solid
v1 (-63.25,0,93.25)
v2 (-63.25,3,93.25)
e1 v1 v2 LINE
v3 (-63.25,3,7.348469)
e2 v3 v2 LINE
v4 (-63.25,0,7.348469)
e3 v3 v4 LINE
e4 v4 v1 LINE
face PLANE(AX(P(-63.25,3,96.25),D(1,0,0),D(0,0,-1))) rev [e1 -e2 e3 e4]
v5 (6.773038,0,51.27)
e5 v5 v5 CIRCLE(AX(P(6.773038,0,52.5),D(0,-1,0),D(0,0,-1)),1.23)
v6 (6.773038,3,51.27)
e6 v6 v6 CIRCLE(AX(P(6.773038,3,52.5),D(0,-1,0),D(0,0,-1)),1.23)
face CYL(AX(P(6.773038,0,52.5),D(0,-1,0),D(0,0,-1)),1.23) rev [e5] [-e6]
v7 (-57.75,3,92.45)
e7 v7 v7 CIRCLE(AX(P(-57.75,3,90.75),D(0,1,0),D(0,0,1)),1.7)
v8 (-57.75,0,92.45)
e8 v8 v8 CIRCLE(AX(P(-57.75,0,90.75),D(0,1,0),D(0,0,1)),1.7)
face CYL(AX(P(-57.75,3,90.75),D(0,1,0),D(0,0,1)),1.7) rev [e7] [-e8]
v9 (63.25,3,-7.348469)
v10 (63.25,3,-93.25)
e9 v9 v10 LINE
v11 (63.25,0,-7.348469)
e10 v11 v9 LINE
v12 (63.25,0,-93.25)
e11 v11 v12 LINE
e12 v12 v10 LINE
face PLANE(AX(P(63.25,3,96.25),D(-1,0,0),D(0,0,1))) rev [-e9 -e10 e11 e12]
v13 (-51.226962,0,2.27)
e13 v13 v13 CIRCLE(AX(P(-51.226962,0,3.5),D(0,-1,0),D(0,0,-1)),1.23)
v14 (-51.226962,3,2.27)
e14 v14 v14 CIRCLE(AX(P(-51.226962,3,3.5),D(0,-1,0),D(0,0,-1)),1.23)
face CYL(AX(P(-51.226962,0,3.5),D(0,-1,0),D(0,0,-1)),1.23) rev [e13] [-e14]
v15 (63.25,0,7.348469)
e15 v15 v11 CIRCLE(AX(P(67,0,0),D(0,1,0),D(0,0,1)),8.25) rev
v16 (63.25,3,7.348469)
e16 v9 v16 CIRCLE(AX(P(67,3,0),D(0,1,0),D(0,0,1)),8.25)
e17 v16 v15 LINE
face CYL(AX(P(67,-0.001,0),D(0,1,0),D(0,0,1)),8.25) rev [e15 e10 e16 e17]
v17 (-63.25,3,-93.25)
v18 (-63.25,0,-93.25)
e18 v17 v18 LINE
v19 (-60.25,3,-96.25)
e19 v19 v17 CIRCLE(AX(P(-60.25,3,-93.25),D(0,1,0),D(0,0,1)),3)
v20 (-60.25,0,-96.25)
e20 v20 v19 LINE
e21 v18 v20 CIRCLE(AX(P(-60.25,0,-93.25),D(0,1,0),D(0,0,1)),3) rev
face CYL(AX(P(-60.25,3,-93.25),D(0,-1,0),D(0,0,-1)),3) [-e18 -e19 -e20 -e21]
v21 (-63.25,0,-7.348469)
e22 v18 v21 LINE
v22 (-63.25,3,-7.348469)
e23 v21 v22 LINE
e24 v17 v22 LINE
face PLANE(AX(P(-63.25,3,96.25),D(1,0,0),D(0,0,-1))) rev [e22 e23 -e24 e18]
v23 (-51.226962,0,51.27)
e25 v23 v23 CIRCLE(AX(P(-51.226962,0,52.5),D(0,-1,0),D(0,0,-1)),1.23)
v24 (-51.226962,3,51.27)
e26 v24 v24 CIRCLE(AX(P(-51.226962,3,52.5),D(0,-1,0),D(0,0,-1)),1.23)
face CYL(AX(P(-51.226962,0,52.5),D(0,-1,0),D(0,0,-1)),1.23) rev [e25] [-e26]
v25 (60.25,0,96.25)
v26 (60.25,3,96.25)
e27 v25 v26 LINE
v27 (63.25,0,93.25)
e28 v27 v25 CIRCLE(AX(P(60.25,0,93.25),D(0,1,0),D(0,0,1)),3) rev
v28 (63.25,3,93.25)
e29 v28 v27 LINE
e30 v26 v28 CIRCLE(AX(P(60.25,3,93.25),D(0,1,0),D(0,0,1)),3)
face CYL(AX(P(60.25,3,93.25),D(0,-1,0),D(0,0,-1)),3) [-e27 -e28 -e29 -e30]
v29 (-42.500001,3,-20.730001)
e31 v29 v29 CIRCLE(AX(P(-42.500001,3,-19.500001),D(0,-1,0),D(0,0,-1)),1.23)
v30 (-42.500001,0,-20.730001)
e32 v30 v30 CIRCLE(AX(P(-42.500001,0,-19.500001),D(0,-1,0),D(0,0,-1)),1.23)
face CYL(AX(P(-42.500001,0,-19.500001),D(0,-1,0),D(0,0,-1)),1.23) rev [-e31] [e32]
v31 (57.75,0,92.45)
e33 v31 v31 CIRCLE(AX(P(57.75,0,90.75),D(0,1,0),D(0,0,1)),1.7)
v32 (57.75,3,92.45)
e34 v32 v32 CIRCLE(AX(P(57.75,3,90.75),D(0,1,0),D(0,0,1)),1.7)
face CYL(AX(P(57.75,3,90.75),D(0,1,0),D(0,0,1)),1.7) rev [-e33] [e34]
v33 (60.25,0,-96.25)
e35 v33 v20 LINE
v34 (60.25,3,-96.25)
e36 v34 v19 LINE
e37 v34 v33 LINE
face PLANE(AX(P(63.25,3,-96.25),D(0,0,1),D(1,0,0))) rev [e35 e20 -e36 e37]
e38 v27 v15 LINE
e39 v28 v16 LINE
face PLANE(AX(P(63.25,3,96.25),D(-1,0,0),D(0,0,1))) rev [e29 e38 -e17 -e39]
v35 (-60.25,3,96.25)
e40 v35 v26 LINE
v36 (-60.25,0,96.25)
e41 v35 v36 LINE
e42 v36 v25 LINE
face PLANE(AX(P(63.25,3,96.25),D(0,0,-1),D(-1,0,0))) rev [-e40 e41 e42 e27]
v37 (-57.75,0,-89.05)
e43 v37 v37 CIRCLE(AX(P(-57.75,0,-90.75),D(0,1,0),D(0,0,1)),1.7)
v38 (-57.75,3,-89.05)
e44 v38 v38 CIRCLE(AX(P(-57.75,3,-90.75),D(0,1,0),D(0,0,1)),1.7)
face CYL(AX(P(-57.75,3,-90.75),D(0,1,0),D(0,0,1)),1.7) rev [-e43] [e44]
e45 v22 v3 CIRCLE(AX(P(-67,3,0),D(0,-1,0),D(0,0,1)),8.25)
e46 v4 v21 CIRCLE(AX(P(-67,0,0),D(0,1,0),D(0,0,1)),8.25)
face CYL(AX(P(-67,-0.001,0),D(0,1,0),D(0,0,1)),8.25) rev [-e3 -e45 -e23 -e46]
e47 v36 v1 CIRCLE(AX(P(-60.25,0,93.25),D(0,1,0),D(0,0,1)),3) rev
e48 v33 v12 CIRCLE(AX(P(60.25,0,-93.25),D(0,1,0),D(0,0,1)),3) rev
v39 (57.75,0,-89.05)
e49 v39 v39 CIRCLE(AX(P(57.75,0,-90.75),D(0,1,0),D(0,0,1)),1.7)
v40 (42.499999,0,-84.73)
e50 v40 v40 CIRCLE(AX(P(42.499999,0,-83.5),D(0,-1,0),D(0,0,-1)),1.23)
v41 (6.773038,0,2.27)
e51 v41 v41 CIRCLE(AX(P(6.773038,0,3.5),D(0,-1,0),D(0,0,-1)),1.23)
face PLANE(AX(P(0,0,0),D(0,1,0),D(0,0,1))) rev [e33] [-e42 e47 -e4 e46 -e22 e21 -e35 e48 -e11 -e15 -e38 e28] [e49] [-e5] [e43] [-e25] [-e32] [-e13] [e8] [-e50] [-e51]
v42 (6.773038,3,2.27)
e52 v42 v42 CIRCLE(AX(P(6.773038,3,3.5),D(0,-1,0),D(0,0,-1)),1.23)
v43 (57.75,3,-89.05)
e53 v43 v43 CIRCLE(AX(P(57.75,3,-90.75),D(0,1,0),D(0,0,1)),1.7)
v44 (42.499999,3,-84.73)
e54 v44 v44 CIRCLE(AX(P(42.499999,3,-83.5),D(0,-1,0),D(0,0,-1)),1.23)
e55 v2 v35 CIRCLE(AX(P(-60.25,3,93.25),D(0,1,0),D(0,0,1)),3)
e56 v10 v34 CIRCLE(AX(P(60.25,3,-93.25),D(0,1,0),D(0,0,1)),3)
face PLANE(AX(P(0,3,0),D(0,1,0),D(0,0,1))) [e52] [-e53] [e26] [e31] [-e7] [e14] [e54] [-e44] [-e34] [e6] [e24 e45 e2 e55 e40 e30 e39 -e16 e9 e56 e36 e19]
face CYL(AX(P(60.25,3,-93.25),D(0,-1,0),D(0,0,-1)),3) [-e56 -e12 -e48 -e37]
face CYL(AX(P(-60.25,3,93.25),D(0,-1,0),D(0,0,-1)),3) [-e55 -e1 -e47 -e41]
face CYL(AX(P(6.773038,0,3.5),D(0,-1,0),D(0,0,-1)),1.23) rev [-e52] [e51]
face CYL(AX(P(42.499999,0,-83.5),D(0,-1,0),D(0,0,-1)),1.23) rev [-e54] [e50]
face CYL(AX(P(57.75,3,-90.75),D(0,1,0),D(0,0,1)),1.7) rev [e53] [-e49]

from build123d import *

# Parameters (mm, degrees)
SKETCH1_W            = 126.5
SKETCH1_H            = 192.5
BOSS_EXTRUDE1_DEPTH  = 3
CUT_EXTRUDE1_REACH   = 117.211
SKETCH2_R            = 8.25
M3_CLEARANCE_HOLE1_D = 3.4
FILLET1_R            = 3
M3_TAPPED_HOLE1_D    = 2.46


with BuildPart() as part:
    # Sketch1 → Boss-Extrude1 (new body)
    with BuildSketch(Plane(origin=(0, 0, 0), x_dir=(1, 0, 0), z_dir=(0, 1, 0))):
        Rectangle(SKETCH1_W, SKETCH1_H)
    extrude(amount=BOSS_EXTRUDE1_DEPTH)

    # Sketch2 → Cut-Extrude1 (cut, up to next)
    with BuildSketch(Plane(origin=(0, 3, 0), x_dir=(1, 0, 0), z_dir=(0, 1, 0)), mode=Mode.PRIVATE) as cut_extrude1_sk1:
        with Locations((67, 0)):
            Circle(SKETCH2_R)
    cut_extrude1_tool1 = extrude(cut_extrude1_sk1.sketch, amount=-CUT_EXTRUDE1_REACH, mode=Mode.PRIVATE) & part.part
    cut_extrude1 = cut_extrude1_tool1.solids().sort_by_distance((67, 3, 0))[0]
    add(cut_extrude1, mode=Mode.SUBTRACT)

    # Mirror1: Cut-Extrude1 across plane
    add(cut_extrude1.mirror(Plane(origin=(0, 0, 0), x_dir=(0, 0, 1), z_dir=(1, 0, 0))), mode=Mode.SUBTRACT)

    # M3 Clearance Hole1 (through all)
    with Locations(Plane(origin=(0, 3, 0), x_dir=(1, 0, 0), z_dir=(0, 1, 0))):
        with Locations((-57.75, 90.75), (57.75, -90.75), (57.75, 90.75), (-57.75, -90.75)):
            Hole(M3_CLEARANCE_HOLE1_D / 2)

    # Fillet1
    fillet1_edges = [part.edges().sort_by_distance(p)[0] for p in [
        (63.25, 1.5, 96.25),
        (-63.25, 1.5, 96.25),
        (-63.25, 1.5, -96.25),
        (63.25, 1.5, -96.25),
    ]]
    fillet(fillet1_edges, radius=FILLET1_R)

    # M3 Tapped Hole1 (through all)
    with Locations(Plane(origin=(0, 0, 0), x_dir=(-1, 0, 0), z_dir=(0, -1, 0))):
        with Locations((-6.773037989, -52.5), (-42.49999882, 83.49999962), (42.50000136, 19.50000062), (-6.773037989, -3.5), (51.226962011, -3.5), (51.226962011, -52.5)):
            Hole(M3_TAPPED_HOLE1_D / 2)


solid = part.part
